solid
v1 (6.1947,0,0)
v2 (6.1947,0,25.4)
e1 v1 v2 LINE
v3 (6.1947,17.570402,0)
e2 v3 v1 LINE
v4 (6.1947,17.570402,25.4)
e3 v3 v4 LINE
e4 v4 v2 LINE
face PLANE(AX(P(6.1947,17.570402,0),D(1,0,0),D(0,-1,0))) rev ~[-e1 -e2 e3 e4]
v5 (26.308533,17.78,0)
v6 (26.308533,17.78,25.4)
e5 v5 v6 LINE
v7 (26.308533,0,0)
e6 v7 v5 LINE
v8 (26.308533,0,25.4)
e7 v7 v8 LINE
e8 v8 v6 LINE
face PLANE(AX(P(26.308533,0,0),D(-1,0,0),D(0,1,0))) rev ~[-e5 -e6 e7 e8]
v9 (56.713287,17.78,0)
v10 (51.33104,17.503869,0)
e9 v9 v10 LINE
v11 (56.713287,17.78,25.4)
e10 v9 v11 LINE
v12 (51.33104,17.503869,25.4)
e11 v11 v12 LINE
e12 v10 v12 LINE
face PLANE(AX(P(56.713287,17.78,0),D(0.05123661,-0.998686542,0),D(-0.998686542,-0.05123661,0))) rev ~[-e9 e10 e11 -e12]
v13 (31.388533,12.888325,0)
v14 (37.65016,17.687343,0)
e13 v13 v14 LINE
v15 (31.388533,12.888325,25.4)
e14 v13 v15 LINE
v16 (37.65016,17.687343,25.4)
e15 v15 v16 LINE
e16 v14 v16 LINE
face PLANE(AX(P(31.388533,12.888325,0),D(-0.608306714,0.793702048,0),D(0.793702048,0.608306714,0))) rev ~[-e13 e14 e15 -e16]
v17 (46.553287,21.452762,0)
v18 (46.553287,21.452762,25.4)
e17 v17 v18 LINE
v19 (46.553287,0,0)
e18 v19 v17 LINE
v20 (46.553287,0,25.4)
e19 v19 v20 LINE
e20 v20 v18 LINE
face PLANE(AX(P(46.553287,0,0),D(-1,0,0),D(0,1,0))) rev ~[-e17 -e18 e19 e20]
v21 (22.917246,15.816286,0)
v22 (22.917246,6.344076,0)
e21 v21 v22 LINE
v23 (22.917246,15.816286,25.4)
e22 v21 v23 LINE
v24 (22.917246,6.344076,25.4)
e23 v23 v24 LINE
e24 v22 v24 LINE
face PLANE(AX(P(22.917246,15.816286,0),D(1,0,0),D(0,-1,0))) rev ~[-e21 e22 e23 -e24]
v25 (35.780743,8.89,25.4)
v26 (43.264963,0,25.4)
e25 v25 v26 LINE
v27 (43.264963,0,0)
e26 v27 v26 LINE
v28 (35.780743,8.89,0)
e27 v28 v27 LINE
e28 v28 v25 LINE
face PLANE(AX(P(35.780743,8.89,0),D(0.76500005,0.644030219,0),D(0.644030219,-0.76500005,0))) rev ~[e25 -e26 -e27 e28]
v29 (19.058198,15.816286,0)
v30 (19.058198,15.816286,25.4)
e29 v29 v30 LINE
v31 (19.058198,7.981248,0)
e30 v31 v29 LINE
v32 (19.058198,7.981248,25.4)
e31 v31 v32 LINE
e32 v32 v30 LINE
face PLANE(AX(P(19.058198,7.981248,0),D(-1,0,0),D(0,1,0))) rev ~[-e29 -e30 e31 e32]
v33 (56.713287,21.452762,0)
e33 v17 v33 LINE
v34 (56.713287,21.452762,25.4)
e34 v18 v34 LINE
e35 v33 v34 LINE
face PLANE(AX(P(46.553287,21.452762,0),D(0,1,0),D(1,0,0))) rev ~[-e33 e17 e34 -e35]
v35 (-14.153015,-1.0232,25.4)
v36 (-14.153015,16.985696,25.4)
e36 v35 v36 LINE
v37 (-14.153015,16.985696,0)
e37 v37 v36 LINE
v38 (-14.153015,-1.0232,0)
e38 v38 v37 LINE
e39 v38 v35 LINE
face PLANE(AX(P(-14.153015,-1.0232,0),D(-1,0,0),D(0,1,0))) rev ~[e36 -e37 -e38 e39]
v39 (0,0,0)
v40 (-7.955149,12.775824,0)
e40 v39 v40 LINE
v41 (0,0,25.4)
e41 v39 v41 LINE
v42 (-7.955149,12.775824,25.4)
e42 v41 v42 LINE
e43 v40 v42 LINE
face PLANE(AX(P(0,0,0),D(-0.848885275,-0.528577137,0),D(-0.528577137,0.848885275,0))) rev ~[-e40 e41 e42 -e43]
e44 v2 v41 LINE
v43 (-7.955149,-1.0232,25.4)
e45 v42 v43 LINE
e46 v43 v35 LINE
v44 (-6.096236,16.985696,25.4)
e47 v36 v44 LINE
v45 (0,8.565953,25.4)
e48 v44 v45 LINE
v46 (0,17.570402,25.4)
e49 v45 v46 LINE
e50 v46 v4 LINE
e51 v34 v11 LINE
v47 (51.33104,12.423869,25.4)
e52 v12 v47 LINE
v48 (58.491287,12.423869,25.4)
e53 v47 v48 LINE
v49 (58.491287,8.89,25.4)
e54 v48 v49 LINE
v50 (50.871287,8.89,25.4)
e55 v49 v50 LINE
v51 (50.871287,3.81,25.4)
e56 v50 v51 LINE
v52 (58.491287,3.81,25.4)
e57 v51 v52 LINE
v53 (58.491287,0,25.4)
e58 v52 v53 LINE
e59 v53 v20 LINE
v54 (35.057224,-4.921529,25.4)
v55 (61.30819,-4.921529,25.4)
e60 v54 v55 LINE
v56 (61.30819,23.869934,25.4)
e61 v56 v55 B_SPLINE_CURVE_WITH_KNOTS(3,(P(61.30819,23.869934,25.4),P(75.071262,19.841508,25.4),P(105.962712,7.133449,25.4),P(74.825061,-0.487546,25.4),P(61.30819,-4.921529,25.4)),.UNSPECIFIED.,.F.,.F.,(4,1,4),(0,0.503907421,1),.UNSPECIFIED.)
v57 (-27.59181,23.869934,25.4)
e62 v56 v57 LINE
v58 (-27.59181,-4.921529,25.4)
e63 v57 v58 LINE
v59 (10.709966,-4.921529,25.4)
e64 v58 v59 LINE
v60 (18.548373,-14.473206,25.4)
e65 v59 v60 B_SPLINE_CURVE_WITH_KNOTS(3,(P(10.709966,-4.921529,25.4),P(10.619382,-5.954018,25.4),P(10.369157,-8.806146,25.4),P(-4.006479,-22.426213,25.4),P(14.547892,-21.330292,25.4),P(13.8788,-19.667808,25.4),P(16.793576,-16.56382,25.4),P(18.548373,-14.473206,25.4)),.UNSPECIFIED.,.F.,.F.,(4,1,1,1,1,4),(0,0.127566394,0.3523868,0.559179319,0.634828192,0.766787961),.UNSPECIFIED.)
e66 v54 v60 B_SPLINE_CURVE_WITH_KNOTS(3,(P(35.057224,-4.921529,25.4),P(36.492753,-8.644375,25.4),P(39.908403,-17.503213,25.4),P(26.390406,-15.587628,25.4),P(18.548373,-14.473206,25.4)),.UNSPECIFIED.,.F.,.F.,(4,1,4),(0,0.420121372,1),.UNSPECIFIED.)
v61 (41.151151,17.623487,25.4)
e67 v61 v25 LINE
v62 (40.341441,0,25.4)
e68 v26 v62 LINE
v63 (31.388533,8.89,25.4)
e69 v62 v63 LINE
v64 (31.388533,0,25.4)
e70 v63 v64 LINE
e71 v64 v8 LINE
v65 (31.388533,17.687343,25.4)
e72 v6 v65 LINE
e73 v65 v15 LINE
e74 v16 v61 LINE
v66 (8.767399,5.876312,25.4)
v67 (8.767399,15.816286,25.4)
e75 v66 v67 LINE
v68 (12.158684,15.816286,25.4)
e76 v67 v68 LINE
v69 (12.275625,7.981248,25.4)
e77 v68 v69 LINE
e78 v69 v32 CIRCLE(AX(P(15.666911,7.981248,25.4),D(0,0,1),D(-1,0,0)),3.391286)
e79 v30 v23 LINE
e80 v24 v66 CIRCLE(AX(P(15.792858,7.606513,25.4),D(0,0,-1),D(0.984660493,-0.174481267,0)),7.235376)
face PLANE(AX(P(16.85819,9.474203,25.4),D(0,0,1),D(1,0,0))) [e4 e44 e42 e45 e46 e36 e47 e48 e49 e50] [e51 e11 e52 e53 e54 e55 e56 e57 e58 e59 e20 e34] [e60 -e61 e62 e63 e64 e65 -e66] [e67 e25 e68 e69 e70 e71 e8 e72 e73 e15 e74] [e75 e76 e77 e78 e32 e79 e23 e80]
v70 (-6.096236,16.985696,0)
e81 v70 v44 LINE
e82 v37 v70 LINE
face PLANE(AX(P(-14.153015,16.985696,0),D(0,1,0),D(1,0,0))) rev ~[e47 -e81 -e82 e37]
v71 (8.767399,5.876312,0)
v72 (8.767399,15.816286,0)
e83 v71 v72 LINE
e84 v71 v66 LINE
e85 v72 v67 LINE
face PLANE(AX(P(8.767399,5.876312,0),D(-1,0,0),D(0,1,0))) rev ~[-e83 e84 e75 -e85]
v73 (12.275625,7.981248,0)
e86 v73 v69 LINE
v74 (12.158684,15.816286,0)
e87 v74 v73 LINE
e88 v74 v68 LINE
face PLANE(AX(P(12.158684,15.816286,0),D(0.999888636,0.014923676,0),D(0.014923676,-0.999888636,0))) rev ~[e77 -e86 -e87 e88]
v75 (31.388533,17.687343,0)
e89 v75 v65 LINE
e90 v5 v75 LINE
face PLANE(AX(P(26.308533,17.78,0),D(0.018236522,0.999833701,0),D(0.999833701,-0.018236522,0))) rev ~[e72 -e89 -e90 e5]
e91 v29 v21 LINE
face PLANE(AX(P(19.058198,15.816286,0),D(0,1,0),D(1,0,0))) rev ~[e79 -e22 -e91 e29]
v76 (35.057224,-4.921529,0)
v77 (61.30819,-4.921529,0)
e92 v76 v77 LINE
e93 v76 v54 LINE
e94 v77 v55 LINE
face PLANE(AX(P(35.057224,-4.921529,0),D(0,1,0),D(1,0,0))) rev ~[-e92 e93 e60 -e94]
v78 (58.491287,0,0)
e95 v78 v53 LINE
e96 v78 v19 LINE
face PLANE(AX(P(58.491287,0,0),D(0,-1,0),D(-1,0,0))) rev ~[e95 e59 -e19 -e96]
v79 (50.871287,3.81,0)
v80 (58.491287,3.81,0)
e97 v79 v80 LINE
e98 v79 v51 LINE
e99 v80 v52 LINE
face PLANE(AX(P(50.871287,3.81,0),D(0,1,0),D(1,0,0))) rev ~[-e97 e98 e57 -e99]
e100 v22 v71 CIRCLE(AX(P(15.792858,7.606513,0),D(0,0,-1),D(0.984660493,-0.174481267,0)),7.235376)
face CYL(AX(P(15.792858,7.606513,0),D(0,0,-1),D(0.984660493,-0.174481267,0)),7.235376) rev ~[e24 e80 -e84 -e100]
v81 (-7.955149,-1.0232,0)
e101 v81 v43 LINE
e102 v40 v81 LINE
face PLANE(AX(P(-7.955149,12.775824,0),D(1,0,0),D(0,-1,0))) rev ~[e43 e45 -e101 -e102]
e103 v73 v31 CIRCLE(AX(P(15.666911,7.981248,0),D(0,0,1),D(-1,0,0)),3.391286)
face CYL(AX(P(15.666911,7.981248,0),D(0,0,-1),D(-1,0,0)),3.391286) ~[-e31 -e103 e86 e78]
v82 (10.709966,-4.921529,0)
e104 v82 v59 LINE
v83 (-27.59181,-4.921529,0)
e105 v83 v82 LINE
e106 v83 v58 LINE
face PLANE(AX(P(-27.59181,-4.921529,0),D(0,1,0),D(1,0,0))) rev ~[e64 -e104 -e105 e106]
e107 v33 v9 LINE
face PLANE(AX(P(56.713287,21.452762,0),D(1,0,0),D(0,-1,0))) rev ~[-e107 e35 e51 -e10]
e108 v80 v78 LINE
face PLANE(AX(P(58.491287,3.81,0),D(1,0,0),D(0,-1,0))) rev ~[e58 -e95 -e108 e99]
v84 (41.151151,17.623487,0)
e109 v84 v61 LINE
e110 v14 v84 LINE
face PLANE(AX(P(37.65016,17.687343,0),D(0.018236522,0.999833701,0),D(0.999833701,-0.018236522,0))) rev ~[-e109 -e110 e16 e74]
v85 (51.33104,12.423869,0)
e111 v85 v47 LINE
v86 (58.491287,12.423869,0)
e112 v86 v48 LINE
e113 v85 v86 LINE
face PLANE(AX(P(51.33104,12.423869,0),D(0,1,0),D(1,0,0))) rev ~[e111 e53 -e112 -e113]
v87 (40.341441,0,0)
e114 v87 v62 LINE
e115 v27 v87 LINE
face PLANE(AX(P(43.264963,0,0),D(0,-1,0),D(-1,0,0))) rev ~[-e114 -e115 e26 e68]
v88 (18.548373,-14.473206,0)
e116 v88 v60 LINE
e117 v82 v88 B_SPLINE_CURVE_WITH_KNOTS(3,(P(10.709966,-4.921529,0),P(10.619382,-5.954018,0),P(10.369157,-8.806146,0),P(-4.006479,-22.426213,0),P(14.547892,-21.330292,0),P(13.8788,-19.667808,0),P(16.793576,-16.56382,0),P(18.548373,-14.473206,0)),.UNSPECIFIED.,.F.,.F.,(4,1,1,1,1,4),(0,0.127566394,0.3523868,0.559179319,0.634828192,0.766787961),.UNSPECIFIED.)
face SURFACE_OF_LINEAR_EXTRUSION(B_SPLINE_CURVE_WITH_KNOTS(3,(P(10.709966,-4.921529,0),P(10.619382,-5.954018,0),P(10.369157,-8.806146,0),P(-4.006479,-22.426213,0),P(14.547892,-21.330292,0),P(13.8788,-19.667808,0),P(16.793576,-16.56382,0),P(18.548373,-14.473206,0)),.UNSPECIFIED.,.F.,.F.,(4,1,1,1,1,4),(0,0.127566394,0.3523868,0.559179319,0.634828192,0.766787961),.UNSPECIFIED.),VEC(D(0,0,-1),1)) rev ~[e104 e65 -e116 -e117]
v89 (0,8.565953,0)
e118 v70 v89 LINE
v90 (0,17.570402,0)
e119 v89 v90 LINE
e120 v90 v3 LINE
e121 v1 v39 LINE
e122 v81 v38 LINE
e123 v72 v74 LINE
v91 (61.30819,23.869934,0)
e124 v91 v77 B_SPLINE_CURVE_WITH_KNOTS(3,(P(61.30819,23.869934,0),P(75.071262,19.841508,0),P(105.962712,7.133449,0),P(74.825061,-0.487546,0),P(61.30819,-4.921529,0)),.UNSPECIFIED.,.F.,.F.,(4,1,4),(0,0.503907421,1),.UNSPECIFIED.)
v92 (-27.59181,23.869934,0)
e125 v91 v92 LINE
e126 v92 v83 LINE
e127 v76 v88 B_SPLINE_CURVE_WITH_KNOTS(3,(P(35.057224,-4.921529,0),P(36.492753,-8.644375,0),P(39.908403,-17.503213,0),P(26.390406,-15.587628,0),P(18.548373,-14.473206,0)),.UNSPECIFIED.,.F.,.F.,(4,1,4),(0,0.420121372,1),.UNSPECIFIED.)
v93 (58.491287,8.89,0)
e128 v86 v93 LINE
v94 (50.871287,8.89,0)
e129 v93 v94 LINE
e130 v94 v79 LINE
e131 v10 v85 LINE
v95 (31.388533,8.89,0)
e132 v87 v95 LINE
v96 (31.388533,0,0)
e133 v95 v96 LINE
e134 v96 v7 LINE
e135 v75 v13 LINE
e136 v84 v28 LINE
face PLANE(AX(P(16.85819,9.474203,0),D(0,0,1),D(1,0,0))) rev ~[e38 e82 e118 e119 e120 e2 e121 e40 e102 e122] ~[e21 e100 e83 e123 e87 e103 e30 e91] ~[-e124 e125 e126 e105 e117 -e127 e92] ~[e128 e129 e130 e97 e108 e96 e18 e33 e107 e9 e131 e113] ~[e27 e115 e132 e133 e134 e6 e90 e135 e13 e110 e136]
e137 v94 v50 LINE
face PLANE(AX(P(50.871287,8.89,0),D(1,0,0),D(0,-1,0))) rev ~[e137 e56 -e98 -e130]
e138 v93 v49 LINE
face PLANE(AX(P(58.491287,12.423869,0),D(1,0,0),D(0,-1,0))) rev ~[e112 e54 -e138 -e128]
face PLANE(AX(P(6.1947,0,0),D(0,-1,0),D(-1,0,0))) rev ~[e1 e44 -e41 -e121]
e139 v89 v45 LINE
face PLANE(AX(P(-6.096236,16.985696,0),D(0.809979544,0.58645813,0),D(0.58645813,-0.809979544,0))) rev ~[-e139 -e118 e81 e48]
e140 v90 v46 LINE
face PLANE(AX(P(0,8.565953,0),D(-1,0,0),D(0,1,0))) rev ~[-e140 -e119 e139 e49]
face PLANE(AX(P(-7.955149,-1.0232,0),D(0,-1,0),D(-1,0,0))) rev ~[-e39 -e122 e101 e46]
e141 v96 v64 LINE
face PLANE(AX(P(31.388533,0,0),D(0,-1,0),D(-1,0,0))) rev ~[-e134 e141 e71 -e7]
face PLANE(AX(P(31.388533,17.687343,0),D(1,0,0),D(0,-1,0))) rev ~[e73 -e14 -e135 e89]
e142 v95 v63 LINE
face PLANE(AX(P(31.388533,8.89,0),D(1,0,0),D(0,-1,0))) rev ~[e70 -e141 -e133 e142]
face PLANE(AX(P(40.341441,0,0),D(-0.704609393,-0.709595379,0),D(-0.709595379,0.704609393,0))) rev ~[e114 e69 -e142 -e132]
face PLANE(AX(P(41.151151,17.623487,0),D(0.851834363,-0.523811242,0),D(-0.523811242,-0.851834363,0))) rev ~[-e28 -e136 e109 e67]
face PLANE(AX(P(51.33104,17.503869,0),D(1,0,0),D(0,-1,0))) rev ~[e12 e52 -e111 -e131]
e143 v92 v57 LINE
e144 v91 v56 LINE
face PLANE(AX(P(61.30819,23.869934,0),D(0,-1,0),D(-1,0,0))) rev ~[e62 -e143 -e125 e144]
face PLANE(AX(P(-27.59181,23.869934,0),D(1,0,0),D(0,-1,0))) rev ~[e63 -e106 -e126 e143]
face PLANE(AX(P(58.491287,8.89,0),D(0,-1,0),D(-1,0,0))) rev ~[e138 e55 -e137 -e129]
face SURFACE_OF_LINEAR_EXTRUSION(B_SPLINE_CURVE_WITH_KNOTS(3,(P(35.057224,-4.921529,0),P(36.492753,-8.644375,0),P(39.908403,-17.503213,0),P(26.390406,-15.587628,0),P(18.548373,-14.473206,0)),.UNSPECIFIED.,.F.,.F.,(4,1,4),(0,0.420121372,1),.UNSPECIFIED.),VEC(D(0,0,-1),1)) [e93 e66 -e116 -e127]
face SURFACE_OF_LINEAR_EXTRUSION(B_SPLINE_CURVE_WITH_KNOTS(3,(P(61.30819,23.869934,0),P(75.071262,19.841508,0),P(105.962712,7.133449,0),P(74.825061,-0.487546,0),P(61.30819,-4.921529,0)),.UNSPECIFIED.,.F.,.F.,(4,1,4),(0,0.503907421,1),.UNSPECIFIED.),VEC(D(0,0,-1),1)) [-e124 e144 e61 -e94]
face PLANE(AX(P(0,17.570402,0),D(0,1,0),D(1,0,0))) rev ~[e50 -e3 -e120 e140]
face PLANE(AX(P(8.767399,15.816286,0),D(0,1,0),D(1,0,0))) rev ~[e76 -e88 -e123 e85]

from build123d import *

# Parameters (mm, degrees)
F1_DEPTH = 25.4


with BuildPart() as f1:
    # F0 (on Top) → F1 (new body)
    with BuildSketch(Plane.XY):
        Polygon((61.3081902266, 23.8699343331), (-27.5918097734, 23.8699343331), (-27.5918097734, -4.9215289764), (10.7099656016, -4.9215289764), (22.7065868676, -4.9215289764), (27.98005566, -4.9215289764), (35.0572243333, -4.9215289764), (61.3081902266, -4.9215289764), align=None)
        Polygon((-14.1530148685, -1.0232002242), (-14.1530148685, 16.9856958091), (-6.096236205, 16.9856958091), (0, 8.5659530014), (0, 17.5704024732), (6.1946995556, 17.5704024732), (6.1946995556, 0), (0, 0), (-7.9551488161, 12.7758244053), (-7.9551488161, -1.0232002242), align=None, mode=Mode.SUBTRACT)
        with BuildLine():
            Line((8.7673990056, 5.8763120323), (8.7673990056, 15.8162862062))
            Line((8.7673990056, 15.8162862062), (12.1586844325, 15.8162862062))
            Line((12.1586844325, 15.8162862062), (12.2756250203, 7.9812481999))
            ThreePointArc((12.2756250203, 7.9812481999), (15.6669113785, 4.5899618417), (19.0581977367, 7.9812481999))
            Line((19.0581977367, 7.9812481999), (19.0581977367, 15.8162862062))
            Line((19.0581977367, 15.8162862062), (22.917246446, 15.8162862062))
            Line((22.917246446, 15.8162862062), (22.917246446, 6.3440757804))
            ThreePointArc((22.917246446, 6.3440757804), (16.0319130947, 0.3750876542), (8.7673990056, 5.8763120323))
        make_face(mode=Mode.SUBTRACT)
        Polygon((26.3085328043, 0), (26.3085328043, 17.78), (31.3885328043, 17.687343061), (31.3885328043, 12.8883253783), (37.6501604915, 17.687343061), (41.1511511842, 17.6234865489), (35.7807427645, 8.89), (43.2649627328, 0), (40.3414405882, 0), (31.3885328043, 8.89), (31.3885328043, 0), align=None, mode=Mode.SUBTRACT)
        Polygon((46.5532865412, 0), (46.5532865412, 17.78), (46.5532865412, 21.4527621865), (56.7132865412, 21.4527621865), (56.7132865412, 17.78), (51.3310395181, 17.5038692224), (51.3310395181, 12.4238692224), (58.4912865412, 12.4238692224), (58.4912865412, 8.89), (50.8712865412, 8.89), (50.8712865412, 3.81), (58.4912865412, 3.81), (58.4912865412, 0), align=None, mode=Mode.SUBTRACT)
        with BuildLine():
            Line((22.7065868676, -4.9215289764), (10.7099656016, -4.9215289764))
            add(Edge.make_bspline(
                [(10.7099656016, -4.9215289764), (10.6193824093, -5.9540183854), (10.3691572488, -8.8061460444), (-4.0064786059, -22.4262125693), (14.5478922895, -21.3302918169), (13.8788002341, -19.6678081158), (16.7935759894, -16.5638196867), (18.5483734178, -14.4732059457)],
                knots=[0, 0, 0, 0, 0.1275663935, 0.3523868003, 0.5591793191, 0.6348281925, 0.766787961, 0.766787961, 0.766787961, 0.766787961], degree=3))
            add(Edge.make_bspline(
                [(18.5483734178, -14.4732059457), (19.5929353174, -13.2287458017), (20.6028126804, -11.942593457), (21.2804134935, -10.7834627852)],
                knots=[0.766787961, 0.766787961, 0.766787961, 0.766787961, 0.8453384217, 0.8453384217, 0.8453384217, 0.8453384217], degree=3))
            add(Edge.make_bspline(
                [(21.2804134935, -10.7834627852), (22.6145725842, -8.5011976326), (22.6605797259, -6.7113633045), (22.7065868676, -4.9215289764)],
                knots=[0.8453384217, 0.8453384217, 0.8453384217, 0.8453384217, 1, 1, 1, 1], degree=3))
        make_face()
        with BuildLine():
            add(Edge.make_bspline(
                [(35.0572243333, -4.9215289764), (36.492752785, -8.6443748601), (39.9084026407, -17.5032133845), (26.390405815, -15.5876277523), (18.5483734178, -14.4732059457)],
                knots=[0, 0, 0, 0, 0.4201213725, 1, 1, 1, 1], degree=3))
            Line((35.0572243333, -4.9215289764), (27.98005566, -4.9215289764))
            add(Edge.make_bspline(
                [(27.98005566, -4.9215289764), (30.7410595657, -6.8420870025), (39.2308106357, -11.5408062277), (26.8989952366, -10.9269528966), (21.2804134935, -10.7834627852)],
                knots=[0, 0, 0, 0, 0.4400287118, 1, 1, 1, 1], degree=3))
            add(Edge.make_bspline(
                [(18.5483734178, -14.4732059457), (19.5929353174, -13.2287458017), (20.6028126804, -11.942593457), (21.2804134935, -10.7834627852)],
                knots=[0.766787961, 0.766787961, 0.766787961, 0.766787961, 0.8453384217, 0.8453384217, 0.8453384217, 0.8453384217], degree=3))
        make_face()
        with BuildLine():
            Line((27.98005566, -4.9215289764), (22.7065868676, -4.9215289764))
            add(Edge.make_bspline(
                [(21.2804134935, -10.7834627852), (22.6145725842, -8.5011976326), (22.6605797259, -6.7113633045), (22.7065868676, -4.9215289764)],
                knots=[0.8453384217, 0.8453384217, 0.8453384217, 0.8453384217, 1, 1, 1, 1], degree=3))
            add(Edge.make_bspline(
                [(27.98005566, -4.9215289764), (30.7410595657, -6.8420870025), (39.2308106357, -11.5408062277), (26.8989952366, -10.9269528966), (21.2804134935, -10.7834627852)],
                knots=[0, 0, 0, 0, 0.4400287118, 1, 1, 1, 1], degree=3))
        make_face()
        with BuildLine():
            add(Edge.make_bspline(
                [(61.3081902266, 23.8699343331), (75.0712619521, 19.8415075043), (105.9627124303, 7.1334485632), (74.8250609301, -0.4875464163), (61.3081902266, -4.9215289764)],
                knots=[0, 0, 0, 0, 0.5039074214, 1, 1, 1, 1], degree=3))
            Line((61.3081902266, 23.8699343331), (61.3081902266, -4.9215289764))
        make_face()
    extrude(amount=F1_DEPTH)


solid = f1.part
